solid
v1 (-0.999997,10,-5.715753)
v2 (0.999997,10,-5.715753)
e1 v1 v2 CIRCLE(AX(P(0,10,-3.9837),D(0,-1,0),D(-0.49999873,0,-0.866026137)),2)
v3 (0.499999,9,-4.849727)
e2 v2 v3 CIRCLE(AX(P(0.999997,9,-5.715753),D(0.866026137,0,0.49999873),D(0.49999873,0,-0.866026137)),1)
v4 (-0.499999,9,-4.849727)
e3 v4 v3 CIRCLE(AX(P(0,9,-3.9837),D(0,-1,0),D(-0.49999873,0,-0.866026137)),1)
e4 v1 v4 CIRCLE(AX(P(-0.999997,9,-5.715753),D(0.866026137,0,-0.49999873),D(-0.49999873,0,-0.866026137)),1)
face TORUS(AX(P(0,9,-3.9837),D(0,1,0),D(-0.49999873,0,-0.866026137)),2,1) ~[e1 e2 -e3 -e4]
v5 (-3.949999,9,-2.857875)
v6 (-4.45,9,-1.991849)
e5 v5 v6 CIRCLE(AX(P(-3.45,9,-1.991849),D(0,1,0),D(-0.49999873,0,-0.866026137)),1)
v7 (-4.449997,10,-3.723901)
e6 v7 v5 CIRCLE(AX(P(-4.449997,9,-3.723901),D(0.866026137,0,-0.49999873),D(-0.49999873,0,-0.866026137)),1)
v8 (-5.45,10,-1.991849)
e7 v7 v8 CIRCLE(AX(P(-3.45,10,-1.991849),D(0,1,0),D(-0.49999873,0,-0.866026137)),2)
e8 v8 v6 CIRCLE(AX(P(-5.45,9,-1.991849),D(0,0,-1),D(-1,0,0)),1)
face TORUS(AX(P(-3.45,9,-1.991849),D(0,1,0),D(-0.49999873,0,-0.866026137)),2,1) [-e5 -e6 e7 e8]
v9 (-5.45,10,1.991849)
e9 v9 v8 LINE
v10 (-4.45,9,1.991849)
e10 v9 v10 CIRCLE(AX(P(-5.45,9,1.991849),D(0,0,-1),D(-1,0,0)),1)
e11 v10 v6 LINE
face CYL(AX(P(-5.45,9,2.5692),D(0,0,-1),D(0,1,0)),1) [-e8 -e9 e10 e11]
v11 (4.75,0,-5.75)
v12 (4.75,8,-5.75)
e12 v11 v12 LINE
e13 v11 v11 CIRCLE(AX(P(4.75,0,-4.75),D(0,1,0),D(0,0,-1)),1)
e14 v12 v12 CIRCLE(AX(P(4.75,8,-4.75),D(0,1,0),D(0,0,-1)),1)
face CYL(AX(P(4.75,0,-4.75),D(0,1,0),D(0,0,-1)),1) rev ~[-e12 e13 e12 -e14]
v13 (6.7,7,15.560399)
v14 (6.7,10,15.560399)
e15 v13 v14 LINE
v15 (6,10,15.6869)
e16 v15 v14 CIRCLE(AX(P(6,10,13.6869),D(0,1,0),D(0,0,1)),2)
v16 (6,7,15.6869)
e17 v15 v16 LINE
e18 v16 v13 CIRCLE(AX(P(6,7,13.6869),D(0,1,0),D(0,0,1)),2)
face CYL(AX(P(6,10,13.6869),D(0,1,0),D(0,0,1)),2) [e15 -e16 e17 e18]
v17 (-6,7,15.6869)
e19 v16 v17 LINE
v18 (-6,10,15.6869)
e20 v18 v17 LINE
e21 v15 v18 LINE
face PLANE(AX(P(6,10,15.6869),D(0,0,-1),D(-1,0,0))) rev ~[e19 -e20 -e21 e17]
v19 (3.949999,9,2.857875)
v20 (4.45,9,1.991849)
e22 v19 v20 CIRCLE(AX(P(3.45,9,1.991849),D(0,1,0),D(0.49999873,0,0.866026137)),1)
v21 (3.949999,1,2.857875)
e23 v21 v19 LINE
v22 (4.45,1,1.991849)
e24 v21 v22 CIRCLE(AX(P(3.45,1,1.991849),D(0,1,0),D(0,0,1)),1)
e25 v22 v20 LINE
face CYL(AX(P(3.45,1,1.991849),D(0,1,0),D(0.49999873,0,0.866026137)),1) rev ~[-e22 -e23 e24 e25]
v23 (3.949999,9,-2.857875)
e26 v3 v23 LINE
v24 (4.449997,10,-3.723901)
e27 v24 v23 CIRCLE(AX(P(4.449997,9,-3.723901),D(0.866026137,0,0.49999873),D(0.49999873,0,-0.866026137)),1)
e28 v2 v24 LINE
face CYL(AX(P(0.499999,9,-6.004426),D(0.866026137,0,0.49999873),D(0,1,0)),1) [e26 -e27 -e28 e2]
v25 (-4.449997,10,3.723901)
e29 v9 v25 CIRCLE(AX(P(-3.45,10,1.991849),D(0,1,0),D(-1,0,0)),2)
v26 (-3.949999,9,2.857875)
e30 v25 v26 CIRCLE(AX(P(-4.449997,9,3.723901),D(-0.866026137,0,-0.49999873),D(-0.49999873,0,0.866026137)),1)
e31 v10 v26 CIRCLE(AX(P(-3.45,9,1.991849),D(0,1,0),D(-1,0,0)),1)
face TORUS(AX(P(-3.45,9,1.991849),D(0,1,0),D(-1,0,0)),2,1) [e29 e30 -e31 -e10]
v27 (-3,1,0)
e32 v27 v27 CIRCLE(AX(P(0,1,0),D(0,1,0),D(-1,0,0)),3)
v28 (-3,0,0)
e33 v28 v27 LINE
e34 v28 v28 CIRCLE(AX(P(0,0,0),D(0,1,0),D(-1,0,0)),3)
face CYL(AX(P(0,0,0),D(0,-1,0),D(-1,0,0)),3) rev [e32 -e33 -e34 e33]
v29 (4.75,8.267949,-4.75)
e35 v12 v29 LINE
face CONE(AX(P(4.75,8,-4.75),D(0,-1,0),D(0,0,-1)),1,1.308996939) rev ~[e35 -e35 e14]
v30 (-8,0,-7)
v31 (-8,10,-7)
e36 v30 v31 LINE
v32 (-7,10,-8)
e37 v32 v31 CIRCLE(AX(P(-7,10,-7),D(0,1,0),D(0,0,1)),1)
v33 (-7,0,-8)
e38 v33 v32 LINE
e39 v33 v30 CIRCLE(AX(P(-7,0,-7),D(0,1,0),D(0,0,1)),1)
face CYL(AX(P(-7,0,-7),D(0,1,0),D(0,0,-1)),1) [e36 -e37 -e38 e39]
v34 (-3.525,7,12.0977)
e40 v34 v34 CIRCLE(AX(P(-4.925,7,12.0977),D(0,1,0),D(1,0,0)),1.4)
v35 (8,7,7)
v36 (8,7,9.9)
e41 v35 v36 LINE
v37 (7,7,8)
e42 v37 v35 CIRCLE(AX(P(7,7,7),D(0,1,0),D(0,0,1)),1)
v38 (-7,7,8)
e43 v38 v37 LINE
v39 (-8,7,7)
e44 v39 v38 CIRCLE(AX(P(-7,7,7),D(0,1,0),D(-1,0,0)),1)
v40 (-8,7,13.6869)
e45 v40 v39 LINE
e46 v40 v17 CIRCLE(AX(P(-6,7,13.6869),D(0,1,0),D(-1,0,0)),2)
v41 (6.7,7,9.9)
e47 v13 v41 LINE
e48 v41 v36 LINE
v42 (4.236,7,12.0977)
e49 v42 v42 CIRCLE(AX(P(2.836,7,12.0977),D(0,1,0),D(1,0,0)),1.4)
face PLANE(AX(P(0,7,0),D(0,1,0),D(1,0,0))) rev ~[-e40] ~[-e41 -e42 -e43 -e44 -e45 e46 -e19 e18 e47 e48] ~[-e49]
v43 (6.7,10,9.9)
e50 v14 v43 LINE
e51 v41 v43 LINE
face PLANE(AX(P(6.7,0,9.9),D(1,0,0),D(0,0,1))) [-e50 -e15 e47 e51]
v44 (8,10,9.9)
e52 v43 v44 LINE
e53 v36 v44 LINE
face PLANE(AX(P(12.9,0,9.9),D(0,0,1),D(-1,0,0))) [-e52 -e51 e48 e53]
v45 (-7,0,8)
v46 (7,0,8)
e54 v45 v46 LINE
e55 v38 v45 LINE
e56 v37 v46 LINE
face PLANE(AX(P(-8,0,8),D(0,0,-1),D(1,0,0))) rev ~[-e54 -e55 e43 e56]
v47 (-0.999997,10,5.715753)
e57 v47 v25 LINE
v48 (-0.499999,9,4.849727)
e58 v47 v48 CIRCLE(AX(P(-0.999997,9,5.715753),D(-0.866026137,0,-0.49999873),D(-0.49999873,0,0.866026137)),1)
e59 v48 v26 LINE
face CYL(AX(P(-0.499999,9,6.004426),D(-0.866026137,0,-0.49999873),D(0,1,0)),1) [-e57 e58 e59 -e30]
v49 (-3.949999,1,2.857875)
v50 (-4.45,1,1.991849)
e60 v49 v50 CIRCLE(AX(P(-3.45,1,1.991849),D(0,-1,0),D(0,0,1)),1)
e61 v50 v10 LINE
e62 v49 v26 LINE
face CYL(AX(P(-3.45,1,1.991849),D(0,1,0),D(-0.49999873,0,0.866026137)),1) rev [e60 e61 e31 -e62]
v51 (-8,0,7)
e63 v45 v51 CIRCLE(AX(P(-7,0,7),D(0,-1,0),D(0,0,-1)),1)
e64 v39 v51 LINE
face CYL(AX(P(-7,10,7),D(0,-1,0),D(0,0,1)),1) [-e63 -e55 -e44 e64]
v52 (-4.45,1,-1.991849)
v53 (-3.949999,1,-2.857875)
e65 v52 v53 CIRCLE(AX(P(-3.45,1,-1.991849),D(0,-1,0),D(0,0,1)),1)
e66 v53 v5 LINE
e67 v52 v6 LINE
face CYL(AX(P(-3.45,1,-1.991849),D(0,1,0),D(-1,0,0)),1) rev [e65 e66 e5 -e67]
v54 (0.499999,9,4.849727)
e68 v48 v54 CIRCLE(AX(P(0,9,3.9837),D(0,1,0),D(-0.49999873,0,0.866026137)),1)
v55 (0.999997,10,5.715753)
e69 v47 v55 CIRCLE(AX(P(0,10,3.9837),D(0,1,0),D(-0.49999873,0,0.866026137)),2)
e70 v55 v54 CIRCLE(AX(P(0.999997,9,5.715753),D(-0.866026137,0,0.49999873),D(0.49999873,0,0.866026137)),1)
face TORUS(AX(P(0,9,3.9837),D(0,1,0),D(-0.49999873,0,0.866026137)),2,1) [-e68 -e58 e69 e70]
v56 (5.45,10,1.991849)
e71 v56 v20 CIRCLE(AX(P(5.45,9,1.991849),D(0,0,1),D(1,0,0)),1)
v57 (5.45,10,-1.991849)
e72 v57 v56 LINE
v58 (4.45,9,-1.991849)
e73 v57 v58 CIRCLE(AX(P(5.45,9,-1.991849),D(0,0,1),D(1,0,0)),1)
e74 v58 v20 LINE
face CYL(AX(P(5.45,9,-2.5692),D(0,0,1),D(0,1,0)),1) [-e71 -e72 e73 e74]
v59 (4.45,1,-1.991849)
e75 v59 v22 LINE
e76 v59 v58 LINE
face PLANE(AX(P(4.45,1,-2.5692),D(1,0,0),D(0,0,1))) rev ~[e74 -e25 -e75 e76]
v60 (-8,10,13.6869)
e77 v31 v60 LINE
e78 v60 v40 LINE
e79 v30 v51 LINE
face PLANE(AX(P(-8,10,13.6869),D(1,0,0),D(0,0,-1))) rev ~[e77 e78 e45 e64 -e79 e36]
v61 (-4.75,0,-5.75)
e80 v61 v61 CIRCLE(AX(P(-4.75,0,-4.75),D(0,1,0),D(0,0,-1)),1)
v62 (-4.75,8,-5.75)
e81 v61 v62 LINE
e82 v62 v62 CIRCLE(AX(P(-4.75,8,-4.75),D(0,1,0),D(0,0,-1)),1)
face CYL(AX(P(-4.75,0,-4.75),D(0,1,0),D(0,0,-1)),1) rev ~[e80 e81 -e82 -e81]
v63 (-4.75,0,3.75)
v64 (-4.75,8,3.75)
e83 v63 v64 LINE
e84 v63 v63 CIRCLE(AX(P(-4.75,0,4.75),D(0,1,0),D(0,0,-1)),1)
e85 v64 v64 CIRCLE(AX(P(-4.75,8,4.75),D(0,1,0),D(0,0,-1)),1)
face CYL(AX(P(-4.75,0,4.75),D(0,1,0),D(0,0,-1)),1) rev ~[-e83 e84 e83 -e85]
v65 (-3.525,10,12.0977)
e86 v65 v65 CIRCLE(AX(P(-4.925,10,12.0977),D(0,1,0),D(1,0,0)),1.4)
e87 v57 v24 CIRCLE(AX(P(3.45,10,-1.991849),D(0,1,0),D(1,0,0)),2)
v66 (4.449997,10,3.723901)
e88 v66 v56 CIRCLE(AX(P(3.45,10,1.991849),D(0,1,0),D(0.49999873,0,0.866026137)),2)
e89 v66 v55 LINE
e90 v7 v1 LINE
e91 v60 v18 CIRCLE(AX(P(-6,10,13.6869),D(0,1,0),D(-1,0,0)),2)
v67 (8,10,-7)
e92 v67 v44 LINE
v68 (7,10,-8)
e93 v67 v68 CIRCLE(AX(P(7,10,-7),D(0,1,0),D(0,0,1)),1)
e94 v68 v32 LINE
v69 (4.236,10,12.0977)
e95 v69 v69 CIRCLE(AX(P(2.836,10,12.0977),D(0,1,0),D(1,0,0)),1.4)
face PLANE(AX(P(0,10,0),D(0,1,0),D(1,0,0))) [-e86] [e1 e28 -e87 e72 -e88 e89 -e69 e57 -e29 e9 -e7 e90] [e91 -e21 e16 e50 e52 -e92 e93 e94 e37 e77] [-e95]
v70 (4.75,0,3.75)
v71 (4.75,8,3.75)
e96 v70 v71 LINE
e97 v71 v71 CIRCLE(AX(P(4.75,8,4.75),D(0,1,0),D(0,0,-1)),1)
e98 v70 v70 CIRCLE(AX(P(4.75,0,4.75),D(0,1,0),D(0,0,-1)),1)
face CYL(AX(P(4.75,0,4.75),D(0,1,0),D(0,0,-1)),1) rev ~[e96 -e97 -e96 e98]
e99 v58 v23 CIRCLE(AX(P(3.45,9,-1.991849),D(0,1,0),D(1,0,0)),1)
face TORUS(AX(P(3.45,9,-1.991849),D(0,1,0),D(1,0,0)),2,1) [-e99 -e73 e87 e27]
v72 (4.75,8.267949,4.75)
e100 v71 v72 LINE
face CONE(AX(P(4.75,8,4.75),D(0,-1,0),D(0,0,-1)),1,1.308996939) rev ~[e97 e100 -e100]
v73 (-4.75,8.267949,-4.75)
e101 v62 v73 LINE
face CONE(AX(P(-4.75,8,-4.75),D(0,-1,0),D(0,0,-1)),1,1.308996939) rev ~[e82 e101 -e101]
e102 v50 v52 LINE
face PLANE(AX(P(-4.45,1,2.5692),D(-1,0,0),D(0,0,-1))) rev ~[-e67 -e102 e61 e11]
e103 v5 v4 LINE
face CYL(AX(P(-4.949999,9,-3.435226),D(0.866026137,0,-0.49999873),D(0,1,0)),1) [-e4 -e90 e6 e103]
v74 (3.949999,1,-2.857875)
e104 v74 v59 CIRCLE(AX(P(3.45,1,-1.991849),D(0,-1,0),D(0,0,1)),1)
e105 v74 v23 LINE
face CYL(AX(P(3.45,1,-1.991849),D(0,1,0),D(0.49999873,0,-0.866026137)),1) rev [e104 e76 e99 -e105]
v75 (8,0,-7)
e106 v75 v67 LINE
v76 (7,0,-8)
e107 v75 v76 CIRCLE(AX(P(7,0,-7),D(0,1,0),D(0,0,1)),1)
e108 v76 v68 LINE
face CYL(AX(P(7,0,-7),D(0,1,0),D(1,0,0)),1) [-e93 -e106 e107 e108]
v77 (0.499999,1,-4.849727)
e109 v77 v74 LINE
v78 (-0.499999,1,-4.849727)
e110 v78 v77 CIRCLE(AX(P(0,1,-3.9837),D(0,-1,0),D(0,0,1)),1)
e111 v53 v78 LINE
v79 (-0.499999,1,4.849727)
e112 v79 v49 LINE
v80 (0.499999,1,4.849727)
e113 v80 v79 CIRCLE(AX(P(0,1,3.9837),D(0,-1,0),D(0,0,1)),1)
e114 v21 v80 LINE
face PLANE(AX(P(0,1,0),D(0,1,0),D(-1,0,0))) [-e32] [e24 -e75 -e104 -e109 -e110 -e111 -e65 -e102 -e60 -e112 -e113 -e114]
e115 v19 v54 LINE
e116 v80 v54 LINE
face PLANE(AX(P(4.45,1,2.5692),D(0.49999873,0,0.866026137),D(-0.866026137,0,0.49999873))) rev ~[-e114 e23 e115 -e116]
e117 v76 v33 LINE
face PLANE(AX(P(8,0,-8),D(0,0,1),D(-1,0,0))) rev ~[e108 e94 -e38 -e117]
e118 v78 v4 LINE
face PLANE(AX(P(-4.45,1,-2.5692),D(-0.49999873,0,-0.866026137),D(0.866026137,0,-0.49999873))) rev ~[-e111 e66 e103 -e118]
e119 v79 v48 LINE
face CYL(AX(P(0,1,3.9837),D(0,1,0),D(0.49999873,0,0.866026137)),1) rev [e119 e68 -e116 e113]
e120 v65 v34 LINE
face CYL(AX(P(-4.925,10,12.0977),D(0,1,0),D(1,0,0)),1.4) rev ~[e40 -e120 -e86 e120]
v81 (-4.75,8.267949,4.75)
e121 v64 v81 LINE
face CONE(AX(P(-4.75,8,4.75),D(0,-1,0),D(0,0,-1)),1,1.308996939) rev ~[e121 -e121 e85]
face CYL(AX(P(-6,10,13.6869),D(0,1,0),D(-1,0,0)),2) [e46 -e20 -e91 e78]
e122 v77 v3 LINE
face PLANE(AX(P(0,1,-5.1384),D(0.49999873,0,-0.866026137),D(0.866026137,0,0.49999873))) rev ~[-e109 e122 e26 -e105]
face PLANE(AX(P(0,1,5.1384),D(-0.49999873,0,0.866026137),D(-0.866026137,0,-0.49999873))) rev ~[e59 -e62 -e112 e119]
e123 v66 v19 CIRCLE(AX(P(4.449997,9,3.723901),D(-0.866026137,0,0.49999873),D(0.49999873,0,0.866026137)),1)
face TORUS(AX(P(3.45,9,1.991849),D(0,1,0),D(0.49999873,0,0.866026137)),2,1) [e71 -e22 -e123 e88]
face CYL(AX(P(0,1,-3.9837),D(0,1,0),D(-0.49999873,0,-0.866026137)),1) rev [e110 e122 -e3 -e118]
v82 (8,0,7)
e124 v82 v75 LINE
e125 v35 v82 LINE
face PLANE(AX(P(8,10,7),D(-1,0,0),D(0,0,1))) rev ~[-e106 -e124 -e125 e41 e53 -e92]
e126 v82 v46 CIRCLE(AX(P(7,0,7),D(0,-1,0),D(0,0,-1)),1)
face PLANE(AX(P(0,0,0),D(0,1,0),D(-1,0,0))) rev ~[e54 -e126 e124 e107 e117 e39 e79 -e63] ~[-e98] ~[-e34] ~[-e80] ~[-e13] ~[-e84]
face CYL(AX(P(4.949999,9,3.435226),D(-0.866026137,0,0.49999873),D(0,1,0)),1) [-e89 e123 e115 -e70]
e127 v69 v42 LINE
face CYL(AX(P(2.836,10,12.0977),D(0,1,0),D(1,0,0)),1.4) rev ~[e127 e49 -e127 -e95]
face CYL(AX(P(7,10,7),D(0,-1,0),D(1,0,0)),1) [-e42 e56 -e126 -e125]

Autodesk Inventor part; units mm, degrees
ref_plane "YZ Plane" through (0, 0, 0) normal (1, 0, 0) x (0, 1, 0)
ref_plane "XZ Plane" through (0, 0, 0) normal (0, 1, 0) x (-1, 0, 0)
ref_plane "XY Plane" through (0, 0, 0) normal (0, 0, 1) x (1, 0, 0)
sketch "Skizze1" plane through (0, 0, 0) normal (0, 1, 0) x (-1, 0, 0)
  line L0 (-8, -8) -> (8, -8)
  line L1 (8, -8) -> (8, 8)
  line L2 (8, 8) -> (-8, 8)
  line L3 (-8, 8) -> (-8, -8)
  line L4 (-8, -8) -> (8, 8) construction
  line L5 (8, -8) -> (-8, 8) construction
  circle A0 centre (0, 0) radius 3
  line L6 (4.75, -4.75) -> (-4.75, -4.75) construction
  line L7 (-4.75, -4.75) -> (-4.75, 4.75) construction
  line L8 (-4.75, 4.75) -> (4.75, 4.75) construction
  line L9 (4.75, 4.75) -> (4.75, -4.75) construction
  line L10 (4.75, -4.75) -> (-4.75, 4.75) construction
  line L11 (-4.75, -4.75) -> (4.75, 4.75) construction
  circle A1 centre (-4.75, 4.75) radius 0.9
  circle A2 centre (-4.75, -4.75) radius 0.9
  circle A3 centre (4.75, -4.75) radius 0.9
  circle A4 centre (4.75, 4.75) radius 0.9
  dimension "d0" = 16
  dimension "d1" = 16
  dimension "d21" = 6
  dimension "d22" = 9.5
  dimension "d23" = 9.5
  dimension "d24" = 1.8
  dimension "d25" = 1.8
  dimension "d26" = 1.8
  dimension "d27" = 1.8
extrude "Extrusion1" add sketch "Skizze1" along normal blind 1
sketch "Skizze2" plane through (0, 1, 0) normal (0, 1, 0) x (1, 0, 0)
  line L0 (-8, 8) -> (-8, -8) projected
  line L1 (-8, -8) -> (8, -8) projected
  line L2 (8, -8) -> (8, 8) projected
  line L3 (8, 8) -> (-8, 8) projected
  line L4 (0, -5.1384) -> (-4.45, -2.5692)
  line L5 (-4.45, -2.5692) -> (-4.45, 2.5692)
  line L6 (-4.45, 2.5692) -> (0, 5.1384)
  line L7 (0, 5.1384) -> (4.45, 2.5692)
  line L8 (4.45, 2.5692) -> (4.45, -2.5692)
  line L9 (4.45, -2.5692) -> (0, -5.1384)
  line L10 (-8, 8) -> (-8, -8) projected
  line L11 (8, 8) -> (-8, 8) projected
  line L12 (8, -8) -> (8, 8) projected
  line L13 (-8, -8) -> (8, -8) projected
  circle A0 centre (0, 0) radius 3 projected
  circle A1 centre (4.75, -4.75) radius 0.9 projected
  circle A2 centre (4.75, 4.75) radius 0.9 projected
  circle A3 centre (-4.75, 4.75) radius 0.9 projected
  circle A4 centre (-4.75, -4.75) radius 0.9 projected
  point P0 (8, 5.7735)
  point P1 (8, -5.7735)
  point P2 (-8, -5.7735)
  point P3 (-8, 5.7735)
  point P4 (4.1436, -8)
  point P5 (-4.1436, -8)
  point P6 (4.1436, 8)
  point P7 (-4.1436, 8)
  point P8 (-5.0758, 3.9111)
  point P9 (-3.8605, 4.6127)
  point P10 (3.8605, 4.6127)
  point P11 (5.0758, 3.9111)
  point P12 (5.0758, -3.9111)
  point P13 (3.8605, -4.6127)
  point P14 (-3.8605, -4.6127)
  point P15 (-5.0758, -3.9111)
  dimension "d6" = 8.9
extrude "Extrusion2" add sketch "Skizze2" along normal blind 9 contours L3 L2 L1 L0 | A1 | A2 | A3 | A4
fillet "Rundung2" radius 1 16 edges at (0, 5.5, 5.1384) (-4.45, 5.5, 2.5692) (-4.45, 5.5, -2.5692) (0, 5.5, -5.1384) (4.45, 5.5, -2.5692) (4.45, 5.5, 2.5692) (8, 5, -8) (-8, 5, -8) (-8, 5, 8) (8, 5, 8) (-2.225, 10, -3.8538) (-4.45, 10, 0) (-2.225, 10, 3.8538) (2.225, 10, 3.8538) (4.45, 10, 0) (2.225, 10, -3.8538)
sketch "Skizze3" plane through (0, 10, 0) normal (0, 1, 0) x (1, 0, 0)
  arc A0 (7, -8) -> (8, -7) centre (7, -7) ccw projected
  line L0 (8, -7) -> (8, 7) projected
  arc A1 (8, 7) -> (7, 8) centre (7, 7) ccw projected
  line L1 (7, 8) -> (-7, 8) projected
  arc A2 (-7, 8) -> (-8, 7) centre (-7, 7) ccw projected
  line L2 (-8, 7) -> (-8, -7) projected
  arc A3 (-8, -7) -> (-7, -8) centre (-7, -7) ccw projected
  line L3 (-7, -8) -> (7, -8) projected
  line L4 (-8, -5.6869) -> (8, -5.6869)
  line L5 (8, -5.6869) -> (8, -13.6869)
  line L6 (6, -15.6869) -> (-6, -15.6869)
  line L7 (-8, -13.6869) -> (-8, -5.6869)
  circle A4 centre (-4.925, -12.0977) radius 1.4
  circle A5 centre (2.836, -12.0977) radius 1.4
  arc A6 (-8, -13.6869) -> (-6, -15.6869) centre (-6, -13.6869) ccw
  arc A7 (6, -15.6869) -> (8, -13.6869) centre (6, -13.6869) ccw
  point P0 (0, 0)
  point P1 (8, -15.6869)
  point P2 (8, -7)
  dimension "d10" = 10
  dimension "d11" = 2.8
  dimension "d12" = 2.8
  dimension "d13" = 2
extrude "Extrusion3" add sketch "Skizze3" against normal blind 3 contours A0 L5 A7 L6 A6 L7 A3 L3
sketch "Skizze4" plane through (0, 0, 0) normal (0, -1, 0) x (1, 0, 0)
  line L0 (12.8, 30) -> (12.8, 10) projected
  line L1 (12.8, 30) -> (6.8, 30) projected
  line L2 (6.8, 10) -> (6.8, 30) projected
  line L3 (12.8, 10) -> (6.8, 10) projected
  line L4 (6.7, 30.1) -> (12.9, 30.1)
  line L5 (12.9, 30.1) -> (12.9, 9.9)
  line L6 (12.9, 9.9) -> (6.7, 9.9)
  line L7 (6.7, 9.9) -> (6.7, 30.1)
  point P0 (0, 0)
  dimension "d16" = 0.1
extrude "Extrusion4" cut sketch "Skizze4" against normal through all contours L0 L3 L2 L1 | L4 L5 L6 L7
sketch "Skizze5" plane through (0, 0, 0) normal (0, -1, 0) x (1, 0, 0)
  line L0 (-4.75, -4.75) -> (4.75, -4.75)
  line L1 (4.75, -4.75) -> (4.75, 4.75)
  line L2 (4.75, 4.75) -> (-4.75, 4.75)
  line L3 (-4.75, 4.75) -> (-4.75, -4.75)
  line L4 (-4.75, -4.75) -> (4.75, 4.75) construction
  line L5 (4.75, -4.75) -> (-4.75, 4.75) construction
  point P0 (0, 0)
  dimension "d19" = 9.5
  dimension "d20" = 9.5
hole "Bohrung1" at (4.75, 0, 4.75) at (-4.75, 0, 4.75) at (4.75, 0, -4.75) at (-4.75, 0, -4.75) direction (0, 1, 0) diameter 2 depth 8 tip angle 150
properties part number "30_Laser_to_M12Adapter_9,5mm"
